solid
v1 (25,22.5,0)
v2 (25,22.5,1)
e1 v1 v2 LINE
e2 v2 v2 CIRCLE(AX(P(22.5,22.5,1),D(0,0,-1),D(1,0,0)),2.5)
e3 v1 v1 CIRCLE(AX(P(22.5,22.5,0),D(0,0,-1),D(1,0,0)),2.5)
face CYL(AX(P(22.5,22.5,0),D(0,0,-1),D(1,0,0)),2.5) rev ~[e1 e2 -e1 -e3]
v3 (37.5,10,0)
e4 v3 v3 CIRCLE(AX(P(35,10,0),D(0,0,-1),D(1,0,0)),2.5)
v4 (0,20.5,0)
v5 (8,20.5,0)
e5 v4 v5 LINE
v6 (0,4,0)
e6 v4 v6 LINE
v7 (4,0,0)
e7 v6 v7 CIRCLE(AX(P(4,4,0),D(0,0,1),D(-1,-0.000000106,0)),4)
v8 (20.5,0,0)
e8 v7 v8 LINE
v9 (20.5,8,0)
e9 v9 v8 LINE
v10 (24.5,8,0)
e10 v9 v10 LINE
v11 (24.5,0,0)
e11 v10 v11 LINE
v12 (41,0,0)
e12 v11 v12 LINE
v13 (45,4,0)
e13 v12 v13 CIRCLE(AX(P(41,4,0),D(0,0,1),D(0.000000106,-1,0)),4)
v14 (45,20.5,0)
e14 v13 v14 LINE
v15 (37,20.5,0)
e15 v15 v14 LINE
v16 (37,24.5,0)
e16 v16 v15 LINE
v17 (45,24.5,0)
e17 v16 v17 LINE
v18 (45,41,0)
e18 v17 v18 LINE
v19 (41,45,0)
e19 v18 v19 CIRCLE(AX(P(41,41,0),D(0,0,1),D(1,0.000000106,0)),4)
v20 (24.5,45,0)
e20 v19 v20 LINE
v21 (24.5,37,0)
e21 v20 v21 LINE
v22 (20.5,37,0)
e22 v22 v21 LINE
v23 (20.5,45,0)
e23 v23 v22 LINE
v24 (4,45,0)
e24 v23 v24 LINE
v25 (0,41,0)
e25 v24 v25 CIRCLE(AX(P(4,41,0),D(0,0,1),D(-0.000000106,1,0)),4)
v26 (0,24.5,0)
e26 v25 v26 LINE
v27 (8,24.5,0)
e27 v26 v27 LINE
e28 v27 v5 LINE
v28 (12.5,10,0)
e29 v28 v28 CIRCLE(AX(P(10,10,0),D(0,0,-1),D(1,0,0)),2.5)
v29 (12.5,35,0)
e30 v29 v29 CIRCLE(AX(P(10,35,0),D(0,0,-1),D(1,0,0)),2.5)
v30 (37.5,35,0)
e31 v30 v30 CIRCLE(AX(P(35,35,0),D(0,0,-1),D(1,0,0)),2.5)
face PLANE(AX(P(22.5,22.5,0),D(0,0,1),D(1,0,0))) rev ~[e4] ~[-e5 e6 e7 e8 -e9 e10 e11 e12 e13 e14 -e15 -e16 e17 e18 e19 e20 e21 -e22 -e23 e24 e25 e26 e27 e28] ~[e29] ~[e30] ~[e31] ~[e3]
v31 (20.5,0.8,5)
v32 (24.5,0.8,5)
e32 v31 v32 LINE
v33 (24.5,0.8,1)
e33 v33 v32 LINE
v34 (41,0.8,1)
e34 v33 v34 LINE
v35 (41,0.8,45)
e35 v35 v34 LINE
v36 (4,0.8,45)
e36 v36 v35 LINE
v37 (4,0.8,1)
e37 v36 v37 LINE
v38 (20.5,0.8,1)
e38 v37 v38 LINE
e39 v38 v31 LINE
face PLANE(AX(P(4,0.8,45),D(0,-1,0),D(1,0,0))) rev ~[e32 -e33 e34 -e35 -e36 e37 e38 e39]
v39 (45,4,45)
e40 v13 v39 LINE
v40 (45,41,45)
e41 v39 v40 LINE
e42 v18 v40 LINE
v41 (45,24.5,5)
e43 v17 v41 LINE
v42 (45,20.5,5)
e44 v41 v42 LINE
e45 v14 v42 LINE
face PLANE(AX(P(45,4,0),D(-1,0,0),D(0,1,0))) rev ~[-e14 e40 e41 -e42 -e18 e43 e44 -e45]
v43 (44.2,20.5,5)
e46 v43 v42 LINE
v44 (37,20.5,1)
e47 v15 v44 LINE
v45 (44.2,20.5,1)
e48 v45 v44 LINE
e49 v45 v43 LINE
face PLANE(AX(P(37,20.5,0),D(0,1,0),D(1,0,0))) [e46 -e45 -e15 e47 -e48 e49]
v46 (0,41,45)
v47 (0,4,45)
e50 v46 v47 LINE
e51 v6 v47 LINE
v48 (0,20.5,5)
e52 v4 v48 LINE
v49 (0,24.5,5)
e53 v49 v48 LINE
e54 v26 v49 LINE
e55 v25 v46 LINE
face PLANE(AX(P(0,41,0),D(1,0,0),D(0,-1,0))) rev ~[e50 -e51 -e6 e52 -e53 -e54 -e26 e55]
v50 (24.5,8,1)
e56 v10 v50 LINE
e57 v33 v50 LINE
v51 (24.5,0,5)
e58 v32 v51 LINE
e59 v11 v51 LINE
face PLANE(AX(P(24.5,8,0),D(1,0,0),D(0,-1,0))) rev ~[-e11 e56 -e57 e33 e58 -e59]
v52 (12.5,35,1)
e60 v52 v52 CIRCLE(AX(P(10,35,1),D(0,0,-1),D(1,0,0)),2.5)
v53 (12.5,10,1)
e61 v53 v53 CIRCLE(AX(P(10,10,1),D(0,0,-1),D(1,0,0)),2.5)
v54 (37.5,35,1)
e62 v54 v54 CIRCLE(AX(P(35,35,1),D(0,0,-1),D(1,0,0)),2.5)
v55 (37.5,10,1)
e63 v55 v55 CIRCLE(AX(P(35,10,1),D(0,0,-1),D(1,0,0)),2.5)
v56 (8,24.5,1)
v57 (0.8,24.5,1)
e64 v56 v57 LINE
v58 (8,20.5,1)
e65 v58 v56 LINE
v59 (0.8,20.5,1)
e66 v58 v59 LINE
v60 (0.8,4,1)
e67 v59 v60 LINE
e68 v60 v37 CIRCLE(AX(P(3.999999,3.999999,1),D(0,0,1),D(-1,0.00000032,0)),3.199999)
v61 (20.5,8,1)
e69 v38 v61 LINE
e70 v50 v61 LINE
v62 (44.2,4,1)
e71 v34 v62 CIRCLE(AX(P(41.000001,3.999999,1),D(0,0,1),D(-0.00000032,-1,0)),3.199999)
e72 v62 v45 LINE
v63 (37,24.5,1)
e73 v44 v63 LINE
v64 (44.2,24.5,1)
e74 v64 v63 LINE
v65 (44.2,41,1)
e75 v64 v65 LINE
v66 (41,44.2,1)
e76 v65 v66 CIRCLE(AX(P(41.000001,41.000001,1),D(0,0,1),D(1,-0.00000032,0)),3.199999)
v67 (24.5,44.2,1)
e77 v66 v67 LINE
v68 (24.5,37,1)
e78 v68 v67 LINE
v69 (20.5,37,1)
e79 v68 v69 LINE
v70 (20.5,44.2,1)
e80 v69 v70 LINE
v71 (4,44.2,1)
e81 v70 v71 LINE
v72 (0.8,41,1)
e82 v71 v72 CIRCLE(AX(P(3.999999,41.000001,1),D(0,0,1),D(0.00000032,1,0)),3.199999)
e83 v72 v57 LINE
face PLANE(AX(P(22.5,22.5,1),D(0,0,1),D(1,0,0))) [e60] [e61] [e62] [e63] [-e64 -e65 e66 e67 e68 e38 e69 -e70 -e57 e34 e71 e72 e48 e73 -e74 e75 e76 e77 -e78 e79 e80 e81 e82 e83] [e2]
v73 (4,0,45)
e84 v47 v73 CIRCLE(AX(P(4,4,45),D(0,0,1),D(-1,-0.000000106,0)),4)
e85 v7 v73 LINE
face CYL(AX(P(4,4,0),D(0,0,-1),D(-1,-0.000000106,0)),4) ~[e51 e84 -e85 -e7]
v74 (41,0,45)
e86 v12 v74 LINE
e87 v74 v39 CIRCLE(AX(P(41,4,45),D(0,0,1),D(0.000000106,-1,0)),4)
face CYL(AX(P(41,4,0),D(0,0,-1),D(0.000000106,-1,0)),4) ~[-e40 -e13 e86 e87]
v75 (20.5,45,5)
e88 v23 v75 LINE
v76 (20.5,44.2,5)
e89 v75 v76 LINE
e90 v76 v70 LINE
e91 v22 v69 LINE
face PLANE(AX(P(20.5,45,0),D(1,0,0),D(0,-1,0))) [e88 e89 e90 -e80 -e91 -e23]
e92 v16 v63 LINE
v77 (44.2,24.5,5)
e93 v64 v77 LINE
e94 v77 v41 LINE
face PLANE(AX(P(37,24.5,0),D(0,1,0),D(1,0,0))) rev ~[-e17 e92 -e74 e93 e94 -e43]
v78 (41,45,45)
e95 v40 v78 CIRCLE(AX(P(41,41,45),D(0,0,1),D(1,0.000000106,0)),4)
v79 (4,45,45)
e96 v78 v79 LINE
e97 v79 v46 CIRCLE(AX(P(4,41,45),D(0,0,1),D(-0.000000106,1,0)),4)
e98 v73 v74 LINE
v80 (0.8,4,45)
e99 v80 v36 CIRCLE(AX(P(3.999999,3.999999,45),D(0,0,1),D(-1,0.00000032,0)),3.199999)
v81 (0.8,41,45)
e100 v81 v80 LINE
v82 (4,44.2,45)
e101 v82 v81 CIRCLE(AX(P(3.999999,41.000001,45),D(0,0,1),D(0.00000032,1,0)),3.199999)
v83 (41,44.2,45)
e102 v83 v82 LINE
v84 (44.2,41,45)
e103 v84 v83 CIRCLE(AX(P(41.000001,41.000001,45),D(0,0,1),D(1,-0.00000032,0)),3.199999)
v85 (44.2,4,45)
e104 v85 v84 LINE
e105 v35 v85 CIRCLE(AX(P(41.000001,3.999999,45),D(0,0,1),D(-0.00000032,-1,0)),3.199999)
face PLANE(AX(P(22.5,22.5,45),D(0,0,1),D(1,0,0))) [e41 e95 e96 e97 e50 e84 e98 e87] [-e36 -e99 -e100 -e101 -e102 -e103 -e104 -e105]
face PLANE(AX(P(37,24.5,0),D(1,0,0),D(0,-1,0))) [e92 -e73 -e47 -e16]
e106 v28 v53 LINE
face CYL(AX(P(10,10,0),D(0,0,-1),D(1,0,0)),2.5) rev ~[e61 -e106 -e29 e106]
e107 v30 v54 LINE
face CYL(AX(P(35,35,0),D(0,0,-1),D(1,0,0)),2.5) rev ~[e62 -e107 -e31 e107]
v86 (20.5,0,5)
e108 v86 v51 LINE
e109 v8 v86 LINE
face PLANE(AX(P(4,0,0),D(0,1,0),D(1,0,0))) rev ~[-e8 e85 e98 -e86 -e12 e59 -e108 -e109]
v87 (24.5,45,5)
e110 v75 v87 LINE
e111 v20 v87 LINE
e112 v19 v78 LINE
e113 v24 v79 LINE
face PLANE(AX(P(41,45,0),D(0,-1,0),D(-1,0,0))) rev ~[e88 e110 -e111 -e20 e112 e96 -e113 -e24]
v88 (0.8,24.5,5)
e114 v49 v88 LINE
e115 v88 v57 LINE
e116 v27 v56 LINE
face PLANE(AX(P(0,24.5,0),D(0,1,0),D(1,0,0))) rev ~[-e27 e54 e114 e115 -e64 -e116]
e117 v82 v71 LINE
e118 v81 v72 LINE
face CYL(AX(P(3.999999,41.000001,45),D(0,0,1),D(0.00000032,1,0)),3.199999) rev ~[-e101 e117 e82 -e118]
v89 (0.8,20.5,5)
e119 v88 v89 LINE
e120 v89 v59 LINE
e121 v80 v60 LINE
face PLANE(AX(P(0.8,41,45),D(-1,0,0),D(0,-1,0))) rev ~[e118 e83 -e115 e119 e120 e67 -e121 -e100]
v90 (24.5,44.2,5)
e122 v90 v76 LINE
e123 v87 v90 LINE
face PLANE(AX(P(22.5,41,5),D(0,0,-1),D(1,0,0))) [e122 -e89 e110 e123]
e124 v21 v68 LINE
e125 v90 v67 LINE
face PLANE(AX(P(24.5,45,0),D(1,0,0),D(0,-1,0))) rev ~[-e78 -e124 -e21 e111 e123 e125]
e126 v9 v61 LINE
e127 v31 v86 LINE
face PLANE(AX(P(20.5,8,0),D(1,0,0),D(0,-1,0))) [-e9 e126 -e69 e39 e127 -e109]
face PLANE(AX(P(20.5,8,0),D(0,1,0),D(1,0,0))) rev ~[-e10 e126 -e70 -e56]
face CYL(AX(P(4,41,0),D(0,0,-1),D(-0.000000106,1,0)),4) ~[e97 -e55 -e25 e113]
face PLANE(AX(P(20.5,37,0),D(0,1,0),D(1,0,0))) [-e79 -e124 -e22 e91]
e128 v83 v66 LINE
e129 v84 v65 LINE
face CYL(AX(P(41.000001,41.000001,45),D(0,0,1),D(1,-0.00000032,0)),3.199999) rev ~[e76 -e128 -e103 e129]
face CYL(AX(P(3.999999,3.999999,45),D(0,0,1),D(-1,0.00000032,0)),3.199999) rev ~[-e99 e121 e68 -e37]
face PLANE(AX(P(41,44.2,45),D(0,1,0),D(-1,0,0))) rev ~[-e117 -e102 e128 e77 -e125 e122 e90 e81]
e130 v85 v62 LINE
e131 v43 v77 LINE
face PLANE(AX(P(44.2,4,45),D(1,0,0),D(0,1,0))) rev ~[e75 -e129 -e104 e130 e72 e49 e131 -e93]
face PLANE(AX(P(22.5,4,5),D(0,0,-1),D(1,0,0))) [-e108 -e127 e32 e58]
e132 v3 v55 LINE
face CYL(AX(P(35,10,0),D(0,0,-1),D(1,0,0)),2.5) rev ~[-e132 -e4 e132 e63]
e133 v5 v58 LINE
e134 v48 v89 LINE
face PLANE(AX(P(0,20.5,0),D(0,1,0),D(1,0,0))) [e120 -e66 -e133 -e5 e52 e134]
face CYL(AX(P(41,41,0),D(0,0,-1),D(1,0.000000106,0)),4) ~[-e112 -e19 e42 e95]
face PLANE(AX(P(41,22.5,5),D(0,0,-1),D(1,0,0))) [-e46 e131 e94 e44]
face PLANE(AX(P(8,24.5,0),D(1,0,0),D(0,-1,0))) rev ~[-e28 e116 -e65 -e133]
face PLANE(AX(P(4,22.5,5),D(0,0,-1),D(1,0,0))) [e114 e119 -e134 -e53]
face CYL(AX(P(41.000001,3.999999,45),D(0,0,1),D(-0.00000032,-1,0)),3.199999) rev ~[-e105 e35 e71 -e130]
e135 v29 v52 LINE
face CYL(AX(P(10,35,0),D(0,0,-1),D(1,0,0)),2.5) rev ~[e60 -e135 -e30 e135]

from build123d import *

# Parameters (mm, degrees)
PAD_DEPTH       = 45
POCKET_DEPTH    = 44
SKETCH002_R     = 2.5
SKETCH002_W     = 4
SKETCH002_H     = 8
SKETCH002_W_2   = 8
SKETCH002_H_2   = 4
POCKET001_DEPTH = 5


with BuildPart() as part:
    # Sketch → Pad (new body)
    with BuildSketch(Plane.XY):
        with BuildLine():
            Line((4, 0), (41, 0))
            ThreePointArc((41, 0), (43.828427, 1.171573), (45, 4))
            Line((45, 4), (45, 41))
            ThreePointArc((45, 41), (43.828427, 43.828427), (41, 45))
            Line((41, 45), (4, 45))
            ThreePointArc((4, 45), (1.171573, 43.828427), (0, 41))
            Line((0, 41), (0, 4))
            ThreePointArc((0, 4), (1.171573, 1.171573), (4, 0))
        make_face()
    extrude(amount=PAD_DEPTH)

    # Sketch001 (on Face10 of Pad) → Pocket (cut)
    with BuildSketch(Plane.XY.offset(45)):
        with BuildLine():
            Line((4, 0.8), (41, 0.8))
            ThreePointArc((41, 0.8), (43.262742, 1.737258), (44.2, 4))
            Line((44.2, 4), (44.2, 41))
            ThreePointArc((44.2, 41), (43.262742, 43.262742), (41, 44.2))
            Line((41, 44.2), (4, 44.2))
            ThreePointArc((4, 44.2), (1.737258, 43.262742), (0.8, 41))
            Line((0.8, 41), (0.8, 4))
            ThreePointArc((0.8, 4), (1.737258, 1.737258), (4, 0.8))
        make_face()
    extrude(amount=-POCKET_DEPTH, mode=Mode.SUBTRACT)

    # Sketch002 (on Face4 of Pocket) → Pocket001 (cut)
    with BuildSketch(Plane(origin=(0, 0, 0), x_dir=(1, 0, 0), z_dir=(0, 0, -1))):
        with Locations((10, -10)):
            Circle(SKETCH002_R)
        with Locations((22.5, -22.5)):
            Circle(SKETCH002_R)
        with Locations((35, -10)):
            Circle(SKETCH002_R)
        with Locations((35, -35)):
            Circle(SKETCH002_R)
        with Locations((10, -35)):
            Circle(SKETCH002_R)
        with Locations((22.5, -4)):
            Rectangle(SKETCH002_W, SKETCH002_H)
        with Locations((4, -22.5)):
            Rectangle(SKETCH002_W_2, SKETCH002_H_2)
        with Locations((41, -22.5)):
            Rectangle(SKETCH002_W_2, SKETCH002_H_2)
        with Locations((22.5, -41)):
            Rectangle(SKETCH002_W, SKETCH002_H)
    extrude(amount=-POCKET001_DEPTH, mode=Mode.SUBTRACT)


solid = part.part
